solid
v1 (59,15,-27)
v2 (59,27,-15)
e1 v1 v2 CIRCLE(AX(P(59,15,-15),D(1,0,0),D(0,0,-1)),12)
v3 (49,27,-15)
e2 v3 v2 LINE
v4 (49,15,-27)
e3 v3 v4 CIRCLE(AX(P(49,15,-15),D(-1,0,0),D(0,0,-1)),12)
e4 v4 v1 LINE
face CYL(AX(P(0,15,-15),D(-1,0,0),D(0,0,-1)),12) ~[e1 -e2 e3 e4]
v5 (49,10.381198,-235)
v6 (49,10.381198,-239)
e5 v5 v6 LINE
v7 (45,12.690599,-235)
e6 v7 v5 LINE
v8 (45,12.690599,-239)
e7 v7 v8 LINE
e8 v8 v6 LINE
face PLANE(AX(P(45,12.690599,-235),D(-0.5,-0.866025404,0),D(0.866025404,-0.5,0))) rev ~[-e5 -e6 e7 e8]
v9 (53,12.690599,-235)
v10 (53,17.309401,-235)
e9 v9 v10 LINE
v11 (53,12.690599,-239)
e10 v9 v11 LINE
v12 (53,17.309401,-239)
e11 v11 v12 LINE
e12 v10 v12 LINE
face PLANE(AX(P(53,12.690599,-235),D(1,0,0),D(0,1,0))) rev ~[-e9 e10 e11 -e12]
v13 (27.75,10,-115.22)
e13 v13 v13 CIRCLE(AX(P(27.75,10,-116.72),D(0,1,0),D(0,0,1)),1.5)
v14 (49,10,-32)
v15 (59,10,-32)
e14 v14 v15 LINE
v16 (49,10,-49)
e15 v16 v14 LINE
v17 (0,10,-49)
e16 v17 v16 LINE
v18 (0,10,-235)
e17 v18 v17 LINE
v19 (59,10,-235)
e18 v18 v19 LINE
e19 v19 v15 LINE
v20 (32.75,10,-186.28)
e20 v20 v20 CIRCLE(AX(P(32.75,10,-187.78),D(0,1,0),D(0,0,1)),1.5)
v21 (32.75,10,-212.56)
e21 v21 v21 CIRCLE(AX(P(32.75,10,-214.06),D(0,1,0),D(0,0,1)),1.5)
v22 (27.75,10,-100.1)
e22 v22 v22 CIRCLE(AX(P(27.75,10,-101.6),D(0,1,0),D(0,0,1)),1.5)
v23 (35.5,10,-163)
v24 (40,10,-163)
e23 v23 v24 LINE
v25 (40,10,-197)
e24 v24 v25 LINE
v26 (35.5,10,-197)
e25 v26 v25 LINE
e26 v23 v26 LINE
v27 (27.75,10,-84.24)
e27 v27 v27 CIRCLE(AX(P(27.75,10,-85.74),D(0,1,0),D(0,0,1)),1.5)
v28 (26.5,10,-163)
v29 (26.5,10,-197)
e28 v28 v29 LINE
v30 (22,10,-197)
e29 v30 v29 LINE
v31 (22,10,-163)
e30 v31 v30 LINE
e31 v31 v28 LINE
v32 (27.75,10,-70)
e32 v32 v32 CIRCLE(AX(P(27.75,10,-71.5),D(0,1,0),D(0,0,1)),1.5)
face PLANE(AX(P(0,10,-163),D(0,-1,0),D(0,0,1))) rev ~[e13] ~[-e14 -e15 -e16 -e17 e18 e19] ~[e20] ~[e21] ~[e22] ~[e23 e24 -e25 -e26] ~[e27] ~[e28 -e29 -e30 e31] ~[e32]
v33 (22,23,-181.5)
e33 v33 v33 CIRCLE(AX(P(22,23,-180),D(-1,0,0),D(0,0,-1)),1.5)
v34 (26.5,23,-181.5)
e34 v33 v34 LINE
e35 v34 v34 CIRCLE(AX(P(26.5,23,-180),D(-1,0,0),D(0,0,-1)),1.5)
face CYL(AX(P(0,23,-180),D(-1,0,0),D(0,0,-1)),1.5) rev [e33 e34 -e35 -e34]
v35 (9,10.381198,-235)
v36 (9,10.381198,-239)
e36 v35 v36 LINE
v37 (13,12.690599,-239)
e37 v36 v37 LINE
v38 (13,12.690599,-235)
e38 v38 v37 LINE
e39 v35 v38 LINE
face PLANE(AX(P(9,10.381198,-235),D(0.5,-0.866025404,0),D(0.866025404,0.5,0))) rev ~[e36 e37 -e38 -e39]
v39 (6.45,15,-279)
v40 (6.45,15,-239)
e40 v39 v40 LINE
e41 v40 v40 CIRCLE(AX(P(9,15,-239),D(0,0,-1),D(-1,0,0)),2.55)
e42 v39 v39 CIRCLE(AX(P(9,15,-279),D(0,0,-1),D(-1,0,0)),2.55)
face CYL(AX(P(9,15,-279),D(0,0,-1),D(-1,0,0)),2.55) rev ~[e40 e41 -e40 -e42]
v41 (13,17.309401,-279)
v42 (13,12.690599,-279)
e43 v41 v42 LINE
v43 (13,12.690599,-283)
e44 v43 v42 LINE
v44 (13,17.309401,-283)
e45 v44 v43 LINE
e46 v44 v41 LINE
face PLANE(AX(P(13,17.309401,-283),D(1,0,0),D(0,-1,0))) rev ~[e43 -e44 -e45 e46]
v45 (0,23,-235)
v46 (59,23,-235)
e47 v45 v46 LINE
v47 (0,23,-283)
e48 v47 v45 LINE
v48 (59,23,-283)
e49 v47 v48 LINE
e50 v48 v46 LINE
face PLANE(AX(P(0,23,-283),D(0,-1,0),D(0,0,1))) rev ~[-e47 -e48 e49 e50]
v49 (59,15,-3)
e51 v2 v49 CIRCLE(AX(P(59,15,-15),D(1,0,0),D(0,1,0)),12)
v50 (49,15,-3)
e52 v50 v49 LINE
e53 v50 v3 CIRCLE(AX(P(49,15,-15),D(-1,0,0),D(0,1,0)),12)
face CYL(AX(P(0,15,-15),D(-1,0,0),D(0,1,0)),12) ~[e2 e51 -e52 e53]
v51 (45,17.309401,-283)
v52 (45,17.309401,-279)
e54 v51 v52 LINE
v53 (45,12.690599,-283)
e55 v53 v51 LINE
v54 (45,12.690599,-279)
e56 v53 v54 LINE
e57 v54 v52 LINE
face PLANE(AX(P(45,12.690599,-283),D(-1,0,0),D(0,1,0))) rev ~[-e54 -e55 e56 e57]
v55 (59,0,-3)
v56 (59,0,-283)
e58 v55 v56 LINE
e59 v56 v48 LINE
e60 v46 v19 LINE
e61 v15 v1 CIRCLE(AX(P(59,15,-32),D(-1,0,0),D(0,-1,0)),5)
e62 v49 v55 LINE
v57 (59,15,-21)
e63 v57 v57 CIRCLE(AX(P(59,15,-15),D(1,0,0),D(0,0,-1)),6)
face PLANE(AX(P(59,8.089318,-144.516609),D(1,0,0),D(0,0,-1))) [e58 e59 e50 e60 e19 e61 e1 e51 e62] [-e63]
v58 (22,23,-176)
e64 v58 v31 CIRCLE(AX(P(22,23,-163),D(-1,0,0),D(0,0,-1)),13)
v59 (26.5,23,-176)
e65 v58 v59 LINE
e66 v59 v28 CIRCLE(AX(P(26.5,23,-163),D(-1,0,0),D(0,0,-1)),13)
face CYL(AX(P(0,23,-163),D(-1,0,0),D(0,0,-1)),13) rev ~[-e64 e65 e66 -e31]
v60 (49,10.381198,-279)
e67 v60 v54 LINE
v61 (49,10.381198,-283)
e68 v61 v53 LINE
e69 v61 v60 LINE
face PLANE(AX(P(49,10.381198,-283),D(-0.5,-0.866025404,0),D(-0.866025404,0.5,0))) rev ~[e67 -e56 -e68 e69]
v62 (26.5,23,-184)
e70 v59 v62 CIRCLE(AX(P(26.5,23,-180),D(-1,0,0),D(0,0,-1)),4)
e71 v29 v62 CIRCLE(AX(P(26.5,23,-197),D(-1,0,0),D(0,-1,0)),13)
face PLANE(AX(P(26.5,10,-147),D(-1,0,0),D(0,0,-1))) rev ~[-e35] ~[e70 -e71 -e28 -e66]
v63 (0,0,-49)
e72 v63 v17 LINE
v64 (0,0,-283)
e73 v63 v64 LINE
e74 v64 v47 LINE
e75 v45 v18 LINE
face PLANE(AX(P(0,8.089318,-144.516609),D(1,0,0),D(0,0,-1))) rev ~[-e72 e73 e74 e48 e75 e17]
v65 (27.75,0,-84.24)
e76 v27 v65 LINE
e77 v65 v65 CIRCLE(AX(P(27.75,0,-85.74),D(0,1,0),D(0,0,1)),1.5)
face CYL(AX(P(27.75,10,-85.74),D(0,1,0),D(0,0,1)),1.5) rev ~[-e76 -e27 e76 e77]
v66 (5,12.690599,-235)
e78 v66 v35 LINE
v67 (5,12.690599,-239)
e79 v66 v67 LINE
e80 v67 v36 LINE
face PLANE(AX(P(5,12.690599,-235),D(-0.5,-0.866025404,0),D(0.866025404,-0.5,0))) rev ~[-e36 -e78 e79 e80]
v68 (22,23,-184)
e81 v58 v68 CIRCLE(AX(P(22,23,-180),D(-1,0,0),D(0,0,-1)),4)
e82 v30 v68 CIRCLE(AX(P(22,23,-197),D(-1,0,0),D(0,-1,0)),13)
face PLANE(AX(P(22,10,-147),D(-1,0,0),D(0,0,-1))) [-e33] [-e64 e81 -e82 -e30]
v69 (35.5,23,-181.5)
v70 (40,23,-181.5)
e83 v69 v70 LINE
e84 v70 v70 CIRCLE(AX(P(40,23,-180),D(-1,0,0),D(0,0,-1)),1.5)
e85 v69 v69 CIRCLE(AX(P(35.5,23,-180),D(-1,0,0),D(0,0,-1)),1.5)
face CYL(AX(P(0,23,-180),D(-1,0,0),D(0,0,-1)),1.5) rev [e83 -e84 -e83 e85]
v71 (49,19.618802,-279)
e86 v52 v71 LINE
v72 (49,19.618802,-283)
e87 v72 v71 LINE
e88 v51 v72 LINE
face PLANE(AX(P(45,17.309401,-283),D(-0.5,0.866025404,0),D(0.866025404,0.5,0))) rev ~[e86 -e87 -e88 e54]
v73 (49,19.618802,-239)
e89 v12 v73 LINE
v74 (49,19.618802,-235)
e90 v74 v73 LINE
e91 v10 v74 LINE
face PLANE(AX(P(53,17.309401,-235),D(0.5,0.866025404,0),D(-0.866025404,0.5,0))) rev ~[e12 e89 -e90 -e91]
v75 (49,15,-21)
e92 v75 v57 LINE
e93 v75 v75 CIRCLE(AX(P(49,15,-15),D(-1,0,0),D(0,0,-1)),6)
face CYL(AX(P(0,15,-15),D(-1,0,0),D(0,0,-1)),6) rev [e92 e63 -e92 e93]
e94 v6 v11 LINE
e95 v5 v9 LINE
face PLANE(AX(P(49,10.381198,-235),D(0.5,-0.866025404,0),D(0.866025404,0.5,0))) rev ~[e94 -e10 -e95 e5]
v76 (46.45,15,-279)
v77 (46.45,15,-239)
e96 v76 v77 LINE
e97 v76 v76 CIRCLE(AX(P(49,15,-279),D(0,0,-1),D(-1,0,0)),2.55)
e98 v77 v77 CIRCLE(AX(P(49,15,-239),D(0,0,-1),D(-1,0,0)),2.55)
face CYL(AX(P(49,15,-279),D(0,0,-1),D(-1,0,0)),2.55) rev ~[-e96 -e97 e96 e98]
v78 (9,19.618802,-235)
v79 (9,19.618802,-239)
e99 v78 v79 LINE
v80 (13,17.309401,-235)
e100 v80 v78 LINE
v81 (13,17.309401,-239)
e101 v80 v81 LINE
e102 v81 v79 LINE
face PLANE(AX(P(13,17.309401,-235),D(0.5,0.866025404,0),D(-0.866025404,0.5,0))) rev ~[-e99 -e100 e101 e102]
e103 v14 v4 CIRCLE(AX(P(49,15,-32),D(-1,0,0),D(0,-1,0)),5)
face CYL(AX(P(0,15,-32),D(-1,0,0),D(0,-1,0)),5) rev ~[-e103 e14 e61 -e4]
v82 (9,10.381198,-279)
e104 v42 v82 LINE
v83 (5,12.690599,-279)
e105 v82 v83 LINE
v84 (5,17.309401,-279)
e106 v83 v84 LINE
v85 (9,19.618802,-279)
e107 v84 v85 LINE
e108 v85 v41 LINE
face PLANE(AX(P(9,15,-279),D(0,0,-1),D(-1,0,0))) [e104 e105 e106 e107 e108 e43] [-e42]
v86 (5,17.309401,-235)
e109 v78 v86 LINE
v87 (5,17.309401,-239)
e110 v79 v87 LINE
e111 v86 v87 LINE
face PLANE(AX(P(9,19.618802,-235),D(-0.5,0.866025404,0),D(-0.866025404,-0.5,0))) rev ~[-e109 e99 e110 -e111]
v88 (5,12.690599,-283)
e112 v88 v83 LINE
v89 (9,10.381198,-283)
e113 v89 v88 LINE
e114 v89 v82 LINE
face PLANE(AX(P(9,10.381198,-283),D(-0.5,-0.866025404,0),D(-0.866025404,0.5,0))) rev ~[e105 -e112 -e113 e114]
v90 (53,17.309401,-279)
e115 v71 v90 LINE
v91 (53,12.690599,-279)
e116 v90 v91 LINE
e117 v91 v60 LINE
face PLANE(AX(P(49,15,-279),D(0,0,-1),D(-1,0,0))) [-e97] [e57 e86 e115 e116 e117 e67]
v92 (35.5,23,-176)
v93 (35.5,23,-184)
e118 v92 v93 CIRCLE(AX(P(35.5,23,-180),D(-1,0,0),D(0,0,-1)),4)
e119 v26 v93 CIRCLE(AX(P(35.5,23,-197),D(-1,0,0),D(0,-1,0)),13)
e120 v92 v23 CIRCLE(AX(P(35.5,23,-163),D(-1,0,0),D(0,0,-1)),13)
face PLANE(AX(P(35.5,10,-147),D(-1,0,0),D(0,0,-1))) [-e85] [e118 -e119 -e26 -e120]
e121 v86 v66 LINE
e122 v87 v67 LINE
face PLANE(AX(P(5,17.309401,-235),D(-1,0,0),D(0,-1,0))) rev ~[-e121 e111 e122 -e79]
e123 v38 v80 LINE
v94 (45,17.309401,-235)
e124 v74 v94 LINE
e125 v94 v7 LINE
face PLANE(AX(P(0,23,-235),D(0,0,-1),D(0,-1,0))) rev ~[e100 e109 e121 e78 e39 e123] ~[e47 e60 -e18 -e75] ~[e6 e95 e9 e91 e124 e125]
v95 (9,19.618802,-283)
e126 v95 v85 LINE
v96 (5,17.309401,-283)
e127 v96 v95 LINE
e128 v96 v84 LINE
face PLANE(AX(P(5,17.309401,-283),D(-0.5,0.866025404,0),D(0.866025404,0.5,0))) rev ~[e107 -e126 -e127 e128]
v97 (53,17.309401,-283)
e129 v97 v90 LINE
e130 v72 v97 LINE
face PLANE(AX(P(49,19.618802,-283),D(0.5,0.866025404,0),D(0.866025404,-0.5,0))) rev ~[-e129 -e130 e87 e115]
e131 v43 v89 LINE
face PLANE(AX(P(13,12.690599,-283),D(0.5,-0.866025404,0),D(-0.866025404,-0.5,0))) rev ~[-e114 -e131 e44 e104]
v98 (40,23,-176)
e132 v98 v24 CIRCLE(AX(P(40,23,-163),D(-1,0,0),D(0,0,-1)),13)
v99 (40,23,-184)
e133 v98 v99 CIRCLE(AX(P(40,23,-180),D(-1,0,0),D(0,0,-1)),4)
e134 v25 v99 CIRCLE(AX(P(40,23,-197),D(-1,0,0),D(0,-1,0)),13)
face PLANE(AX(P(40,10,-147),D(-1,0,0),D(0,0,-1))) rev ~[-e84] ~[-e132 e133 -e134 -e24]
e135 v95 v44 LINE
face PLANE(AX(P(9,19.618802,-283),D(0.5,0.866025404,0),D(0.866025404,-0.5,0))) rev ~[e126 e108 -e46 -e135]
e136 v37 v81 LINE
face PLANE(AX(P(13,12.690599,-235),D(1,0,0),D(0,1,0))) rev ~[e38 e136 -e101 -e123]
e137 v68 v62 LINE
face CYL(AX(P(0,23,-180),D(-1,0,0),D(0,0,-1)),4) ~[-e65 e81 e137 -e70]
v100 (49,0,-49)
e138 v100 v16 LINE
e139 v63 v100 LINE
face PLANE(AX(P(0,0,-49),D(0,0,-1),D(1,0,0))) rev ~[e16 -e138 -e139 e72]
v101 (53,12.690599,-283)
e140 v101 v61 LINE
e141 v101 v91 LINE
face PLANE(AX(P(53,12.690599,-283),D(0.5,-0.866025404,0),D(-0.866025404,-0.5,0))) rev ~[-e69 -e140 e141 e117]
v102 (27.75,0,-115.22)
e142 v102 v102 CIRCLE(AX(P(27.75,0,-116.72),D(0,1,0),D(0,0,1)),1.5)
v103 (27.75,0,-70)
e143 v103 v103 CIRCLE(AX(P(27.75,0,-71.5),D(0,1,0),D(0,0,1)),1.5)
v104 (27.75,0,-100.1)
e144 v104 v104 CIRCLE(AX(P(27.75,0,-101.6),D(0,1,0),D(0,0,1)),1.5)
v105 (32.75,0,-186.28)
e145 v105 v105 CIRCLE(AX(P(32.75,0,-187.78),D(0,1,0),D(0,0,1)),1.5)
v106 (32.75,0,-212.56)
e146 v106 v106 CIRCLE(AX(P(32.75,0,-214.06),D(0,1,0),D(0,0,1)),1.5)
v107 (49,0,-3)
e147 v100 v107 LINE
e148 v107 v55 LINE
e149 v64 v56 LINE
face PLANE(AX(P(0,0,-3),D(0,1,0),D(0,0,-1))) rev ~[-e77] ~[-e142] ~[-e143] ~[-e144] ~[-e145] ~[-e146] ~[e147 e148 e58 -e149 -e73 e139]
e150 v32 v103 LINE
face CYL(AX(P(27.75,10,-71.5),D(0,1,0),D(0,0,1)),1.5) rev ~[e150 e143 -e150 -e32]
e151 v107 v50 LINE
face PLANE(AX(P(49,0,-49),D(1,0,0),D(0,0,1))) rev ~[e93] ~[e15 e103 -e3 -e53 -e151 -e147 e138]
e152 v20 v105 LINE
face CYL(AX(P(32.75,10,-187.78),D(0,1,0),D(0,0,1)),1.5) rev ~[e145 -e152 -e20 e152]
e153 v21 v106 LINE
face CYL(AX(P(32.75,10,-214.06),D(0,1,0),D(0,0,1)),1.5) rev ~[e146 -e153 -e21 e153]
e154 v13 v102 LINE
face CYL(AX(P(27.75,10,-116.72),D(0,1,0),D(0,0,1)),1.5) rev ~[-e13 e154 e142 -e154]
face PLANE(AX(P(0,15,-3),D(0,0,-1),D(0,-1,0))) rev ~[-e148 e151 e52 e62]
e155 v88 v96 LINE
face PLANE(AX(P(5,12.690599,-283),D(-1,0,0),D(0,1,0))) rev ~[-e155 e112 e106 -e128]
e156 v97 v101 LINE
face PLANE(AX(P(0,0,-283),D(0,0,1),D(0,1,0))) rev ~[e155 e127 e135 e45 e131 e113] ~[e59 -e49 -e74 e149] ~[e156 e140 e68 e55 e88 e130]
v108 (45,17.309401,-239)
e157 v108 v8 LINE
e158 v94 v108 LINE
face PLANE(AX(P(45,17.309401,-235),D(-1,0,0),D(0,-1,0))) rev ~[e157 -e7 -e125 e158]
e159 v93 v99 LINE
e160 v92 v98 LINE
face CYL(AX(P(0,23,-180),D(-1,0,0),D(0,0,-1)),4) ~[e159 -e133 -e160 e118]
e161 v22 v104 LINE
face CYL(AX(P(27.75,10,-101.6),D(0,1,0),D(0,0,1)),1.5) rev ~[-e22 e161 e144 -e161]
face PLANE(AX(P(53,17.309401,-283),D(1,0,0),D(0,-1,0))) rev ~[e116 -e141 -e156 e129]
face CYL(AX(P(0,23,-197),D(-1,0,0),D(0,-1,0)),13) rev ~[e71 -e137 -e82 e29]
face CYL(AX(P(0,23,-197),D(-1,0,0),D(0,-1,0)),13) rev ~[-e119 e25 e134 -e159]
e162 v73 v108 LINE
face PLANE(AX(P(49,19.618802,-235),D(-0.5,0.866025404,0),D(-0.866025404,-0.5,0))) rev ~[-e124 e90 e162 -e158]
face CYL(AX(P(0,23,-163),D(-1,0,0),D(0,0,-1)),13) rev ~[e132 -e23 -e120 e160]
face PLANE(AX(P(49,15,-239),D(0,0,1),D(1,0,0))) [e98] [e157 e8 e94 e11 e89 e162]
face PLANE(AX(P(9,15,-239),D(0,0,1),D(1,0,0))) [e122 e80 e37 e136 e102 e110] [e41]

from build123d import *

# Parameters (mm, degrees)
SKETCH1_R           = 6
SKETCH1_R_2         = 1.5
BOSS_EXTRUDE1_DEPTH = 59
SKETCH2_W           = 49
SKETCH2_H           = 46
CUT_EXTRUDE1_DEPTH  = 291.342900723
SKETCH3_W           = 9
SKETCH3_H           = 50
SKETCH3_W_2         = 22
SKETCH3_W_3         = 19
CUT_EXTRUDE2_DEPTH  = 290.584184651
CUT_EXTRUDE3_DEPTH  = 4
SKETCH7_R           = 2.55
CUT_EXTRUDE4_DEPTH  = 82
CUT_EXTRUDE5_DEPTH  = 4
SKETCH9_R           = 1.5
CUT_EXTRUDE6_DEPTH  = 290.584184651


with BuildPart() as part:
    # Sketch1 → Boss-Extrude1 (new body)
    with BuildSketch(Plane(origin=(0, 0, 0), x_dir=(0, 0, -1), z_dir=(1, 0, 0))):
        with BuildLine():
            Line((3, 15), (3, 0))
            Line((3, 0), (283, 0))
            Line((283, 0), (283, 23))
            Line((283, 23), (235, 23))
            Line((235, 23), (235, 10))
            Line((235, 10), (197, 10))
            ThreePointArc((197, 10), (187.807611845, 13.807611845), (184, 23))
            ThreePointArc((184, 23), (180, 27), (176, 23))
            ThreePointArc((176, 23), (172.192388155, 13.807611845), (163, 10))
            Line((163, 10), (32, 10))
            ThreePointArc((32, 10), (28.464466094, 11.464466094), (27, 15))
            ThreePointArc((27, 15), (23.485281374, 23.485281374), (15, 27))
            ThreePointArc((15, 27), (6.514718626, 23.485281374), (3, 15))
        make_face()
        with Locations((15, 15)):
            Circle(SKETCH1_R, mode=Mode.SUBTRACT)
        with Locations((180, 23)):
            Circle(SKETCH1_R_2, mode=Mode.SUBTRACT)
    extrude(amount=BOSS_EXTRUDE1_DEPTH)

    # Sketch2 → Cut-Extrude1 (cut, through all)
    with BuildSketch(Plane.XZ):
        with Locations((24.5, -26)):
            Rectangle(SKETCH2_W, SKETCH2_H)
    extrude(amount=-CUT_EXTRUDE1_DEPTH, mode=Mode.SUBTRACT)

    # Sketch3 → Cut-Extrude2 (cut, through all)
    with BuildSketch(Plane(origin=(0, 10, 0), x_dir=(1, 0, 0), z_dir=(0, 1, 0))):
        with Locations((31, 172)):
            Rectangle(SKETCH3_W, SKETCH3_H)
        with Locations((11, 172)):
            Rectangle(SKETCH3_W_2, SKETCH3_H)
        with Locations((49.5, 172)):
            Rectangle(SKETCH3_W_3, SKETCH3_H)
    extrude(amount=CUT_EXTRUDE2_DEPTH, mode=Mode.SUBTRACT)

    # Sketch6 → Cut-Extrude3 (cut)
    with BuildSketch(Plane(origin=(0, 0, -283), x_dir=(-1, 0, 0), z_dir=(0, 0, -1))):
        Polygon((-49, 10.381197846), (-45, 12.690598923), (-45, 17.309401077), (-49, 19.618802154), (-53, 17.309401077), (-53, 12.690598923), align=None)
        Polygon((-9, 10.381197846), (-5, 12.690598923), (-5, 17.309401077), (-9, 19.618802154), (-13, 17.309401077), (-13, 12.690598923), align=None)
    extrude(amount=-CUT_EXTRUDE3_DEPTH, mode=Mode.SUBTRACT)

    # Sketch7 → Cut-Extrude4 (cut)
    with BuildSketch(Plane(origin=(0, 0, -279), x_dir=(-1, 0, 0), z_dir=(0, 0, -1))):
        with Locations((-49, 15)):
            Circle(SKETCH7_R)
        with Locations((-9, 15)):
            Circle(SKETCH7_R)
    extrude(amount=-CUT_EXTRUDE4_DEPTH, mode=Mode.SUBTRACT)

    # Sketch8 → Cut-Extrude5 (cut)
    with BuildSketch(Plane.XY.offset(-235)):
        Polygon((9, 10.381197846), (13, 12.690598923), (13, 17.309401077), (9, 19.618802154), (5, 17.309401077), (5, 12.690598923), align=None)
        Polygon((49, 10.381197846), (53, 12.690598923), (53, 17.309401077), (49, 19.618802154), (45, 17.309401077), (45, 12.690598923), align=None)
    extrude(amount=-CUT_EXTRUDE5_DEPTH, mode=Mode.SUBTRACT)

    # Sketch9 → Cut-Extrude6 (cut, through all)
    with BuildSketch(Plane(origin=(0, 10, 0), x_dir=(1, 0, 0), z_dir=(0, 1, 0))):
        with Locations(Location((27.75, 71.5, 0), (0, 0, 270))):
            Circle(SKETCH9_R)
        with Locations(Location((27.75, 85.74, 0), (0, 0, 270))):
            Circle(SKETCH9_R)
        with Locations(Location((27.75, 101.6, 0), (0, 0, 270))):
            Circle(SKETCH9_R)
        with Locations(Location((27.75, 116.72, 0), (0, 0, 270))):
            Circle(SKETCH9_R)
        with Locations(Location((32.75, 187.78, 0), (0, 0, 270))):
            Circle(SKETCH9_R)
        with Locations(Location((32.75, 214.06, 0), (0, 0, 270))):
            Circle(SKETCH9_R)
    extrude(amount=-CUT_EXTRUDE6_DEPTH, mode=Mode.SUBTRACT)


solid = part.part
